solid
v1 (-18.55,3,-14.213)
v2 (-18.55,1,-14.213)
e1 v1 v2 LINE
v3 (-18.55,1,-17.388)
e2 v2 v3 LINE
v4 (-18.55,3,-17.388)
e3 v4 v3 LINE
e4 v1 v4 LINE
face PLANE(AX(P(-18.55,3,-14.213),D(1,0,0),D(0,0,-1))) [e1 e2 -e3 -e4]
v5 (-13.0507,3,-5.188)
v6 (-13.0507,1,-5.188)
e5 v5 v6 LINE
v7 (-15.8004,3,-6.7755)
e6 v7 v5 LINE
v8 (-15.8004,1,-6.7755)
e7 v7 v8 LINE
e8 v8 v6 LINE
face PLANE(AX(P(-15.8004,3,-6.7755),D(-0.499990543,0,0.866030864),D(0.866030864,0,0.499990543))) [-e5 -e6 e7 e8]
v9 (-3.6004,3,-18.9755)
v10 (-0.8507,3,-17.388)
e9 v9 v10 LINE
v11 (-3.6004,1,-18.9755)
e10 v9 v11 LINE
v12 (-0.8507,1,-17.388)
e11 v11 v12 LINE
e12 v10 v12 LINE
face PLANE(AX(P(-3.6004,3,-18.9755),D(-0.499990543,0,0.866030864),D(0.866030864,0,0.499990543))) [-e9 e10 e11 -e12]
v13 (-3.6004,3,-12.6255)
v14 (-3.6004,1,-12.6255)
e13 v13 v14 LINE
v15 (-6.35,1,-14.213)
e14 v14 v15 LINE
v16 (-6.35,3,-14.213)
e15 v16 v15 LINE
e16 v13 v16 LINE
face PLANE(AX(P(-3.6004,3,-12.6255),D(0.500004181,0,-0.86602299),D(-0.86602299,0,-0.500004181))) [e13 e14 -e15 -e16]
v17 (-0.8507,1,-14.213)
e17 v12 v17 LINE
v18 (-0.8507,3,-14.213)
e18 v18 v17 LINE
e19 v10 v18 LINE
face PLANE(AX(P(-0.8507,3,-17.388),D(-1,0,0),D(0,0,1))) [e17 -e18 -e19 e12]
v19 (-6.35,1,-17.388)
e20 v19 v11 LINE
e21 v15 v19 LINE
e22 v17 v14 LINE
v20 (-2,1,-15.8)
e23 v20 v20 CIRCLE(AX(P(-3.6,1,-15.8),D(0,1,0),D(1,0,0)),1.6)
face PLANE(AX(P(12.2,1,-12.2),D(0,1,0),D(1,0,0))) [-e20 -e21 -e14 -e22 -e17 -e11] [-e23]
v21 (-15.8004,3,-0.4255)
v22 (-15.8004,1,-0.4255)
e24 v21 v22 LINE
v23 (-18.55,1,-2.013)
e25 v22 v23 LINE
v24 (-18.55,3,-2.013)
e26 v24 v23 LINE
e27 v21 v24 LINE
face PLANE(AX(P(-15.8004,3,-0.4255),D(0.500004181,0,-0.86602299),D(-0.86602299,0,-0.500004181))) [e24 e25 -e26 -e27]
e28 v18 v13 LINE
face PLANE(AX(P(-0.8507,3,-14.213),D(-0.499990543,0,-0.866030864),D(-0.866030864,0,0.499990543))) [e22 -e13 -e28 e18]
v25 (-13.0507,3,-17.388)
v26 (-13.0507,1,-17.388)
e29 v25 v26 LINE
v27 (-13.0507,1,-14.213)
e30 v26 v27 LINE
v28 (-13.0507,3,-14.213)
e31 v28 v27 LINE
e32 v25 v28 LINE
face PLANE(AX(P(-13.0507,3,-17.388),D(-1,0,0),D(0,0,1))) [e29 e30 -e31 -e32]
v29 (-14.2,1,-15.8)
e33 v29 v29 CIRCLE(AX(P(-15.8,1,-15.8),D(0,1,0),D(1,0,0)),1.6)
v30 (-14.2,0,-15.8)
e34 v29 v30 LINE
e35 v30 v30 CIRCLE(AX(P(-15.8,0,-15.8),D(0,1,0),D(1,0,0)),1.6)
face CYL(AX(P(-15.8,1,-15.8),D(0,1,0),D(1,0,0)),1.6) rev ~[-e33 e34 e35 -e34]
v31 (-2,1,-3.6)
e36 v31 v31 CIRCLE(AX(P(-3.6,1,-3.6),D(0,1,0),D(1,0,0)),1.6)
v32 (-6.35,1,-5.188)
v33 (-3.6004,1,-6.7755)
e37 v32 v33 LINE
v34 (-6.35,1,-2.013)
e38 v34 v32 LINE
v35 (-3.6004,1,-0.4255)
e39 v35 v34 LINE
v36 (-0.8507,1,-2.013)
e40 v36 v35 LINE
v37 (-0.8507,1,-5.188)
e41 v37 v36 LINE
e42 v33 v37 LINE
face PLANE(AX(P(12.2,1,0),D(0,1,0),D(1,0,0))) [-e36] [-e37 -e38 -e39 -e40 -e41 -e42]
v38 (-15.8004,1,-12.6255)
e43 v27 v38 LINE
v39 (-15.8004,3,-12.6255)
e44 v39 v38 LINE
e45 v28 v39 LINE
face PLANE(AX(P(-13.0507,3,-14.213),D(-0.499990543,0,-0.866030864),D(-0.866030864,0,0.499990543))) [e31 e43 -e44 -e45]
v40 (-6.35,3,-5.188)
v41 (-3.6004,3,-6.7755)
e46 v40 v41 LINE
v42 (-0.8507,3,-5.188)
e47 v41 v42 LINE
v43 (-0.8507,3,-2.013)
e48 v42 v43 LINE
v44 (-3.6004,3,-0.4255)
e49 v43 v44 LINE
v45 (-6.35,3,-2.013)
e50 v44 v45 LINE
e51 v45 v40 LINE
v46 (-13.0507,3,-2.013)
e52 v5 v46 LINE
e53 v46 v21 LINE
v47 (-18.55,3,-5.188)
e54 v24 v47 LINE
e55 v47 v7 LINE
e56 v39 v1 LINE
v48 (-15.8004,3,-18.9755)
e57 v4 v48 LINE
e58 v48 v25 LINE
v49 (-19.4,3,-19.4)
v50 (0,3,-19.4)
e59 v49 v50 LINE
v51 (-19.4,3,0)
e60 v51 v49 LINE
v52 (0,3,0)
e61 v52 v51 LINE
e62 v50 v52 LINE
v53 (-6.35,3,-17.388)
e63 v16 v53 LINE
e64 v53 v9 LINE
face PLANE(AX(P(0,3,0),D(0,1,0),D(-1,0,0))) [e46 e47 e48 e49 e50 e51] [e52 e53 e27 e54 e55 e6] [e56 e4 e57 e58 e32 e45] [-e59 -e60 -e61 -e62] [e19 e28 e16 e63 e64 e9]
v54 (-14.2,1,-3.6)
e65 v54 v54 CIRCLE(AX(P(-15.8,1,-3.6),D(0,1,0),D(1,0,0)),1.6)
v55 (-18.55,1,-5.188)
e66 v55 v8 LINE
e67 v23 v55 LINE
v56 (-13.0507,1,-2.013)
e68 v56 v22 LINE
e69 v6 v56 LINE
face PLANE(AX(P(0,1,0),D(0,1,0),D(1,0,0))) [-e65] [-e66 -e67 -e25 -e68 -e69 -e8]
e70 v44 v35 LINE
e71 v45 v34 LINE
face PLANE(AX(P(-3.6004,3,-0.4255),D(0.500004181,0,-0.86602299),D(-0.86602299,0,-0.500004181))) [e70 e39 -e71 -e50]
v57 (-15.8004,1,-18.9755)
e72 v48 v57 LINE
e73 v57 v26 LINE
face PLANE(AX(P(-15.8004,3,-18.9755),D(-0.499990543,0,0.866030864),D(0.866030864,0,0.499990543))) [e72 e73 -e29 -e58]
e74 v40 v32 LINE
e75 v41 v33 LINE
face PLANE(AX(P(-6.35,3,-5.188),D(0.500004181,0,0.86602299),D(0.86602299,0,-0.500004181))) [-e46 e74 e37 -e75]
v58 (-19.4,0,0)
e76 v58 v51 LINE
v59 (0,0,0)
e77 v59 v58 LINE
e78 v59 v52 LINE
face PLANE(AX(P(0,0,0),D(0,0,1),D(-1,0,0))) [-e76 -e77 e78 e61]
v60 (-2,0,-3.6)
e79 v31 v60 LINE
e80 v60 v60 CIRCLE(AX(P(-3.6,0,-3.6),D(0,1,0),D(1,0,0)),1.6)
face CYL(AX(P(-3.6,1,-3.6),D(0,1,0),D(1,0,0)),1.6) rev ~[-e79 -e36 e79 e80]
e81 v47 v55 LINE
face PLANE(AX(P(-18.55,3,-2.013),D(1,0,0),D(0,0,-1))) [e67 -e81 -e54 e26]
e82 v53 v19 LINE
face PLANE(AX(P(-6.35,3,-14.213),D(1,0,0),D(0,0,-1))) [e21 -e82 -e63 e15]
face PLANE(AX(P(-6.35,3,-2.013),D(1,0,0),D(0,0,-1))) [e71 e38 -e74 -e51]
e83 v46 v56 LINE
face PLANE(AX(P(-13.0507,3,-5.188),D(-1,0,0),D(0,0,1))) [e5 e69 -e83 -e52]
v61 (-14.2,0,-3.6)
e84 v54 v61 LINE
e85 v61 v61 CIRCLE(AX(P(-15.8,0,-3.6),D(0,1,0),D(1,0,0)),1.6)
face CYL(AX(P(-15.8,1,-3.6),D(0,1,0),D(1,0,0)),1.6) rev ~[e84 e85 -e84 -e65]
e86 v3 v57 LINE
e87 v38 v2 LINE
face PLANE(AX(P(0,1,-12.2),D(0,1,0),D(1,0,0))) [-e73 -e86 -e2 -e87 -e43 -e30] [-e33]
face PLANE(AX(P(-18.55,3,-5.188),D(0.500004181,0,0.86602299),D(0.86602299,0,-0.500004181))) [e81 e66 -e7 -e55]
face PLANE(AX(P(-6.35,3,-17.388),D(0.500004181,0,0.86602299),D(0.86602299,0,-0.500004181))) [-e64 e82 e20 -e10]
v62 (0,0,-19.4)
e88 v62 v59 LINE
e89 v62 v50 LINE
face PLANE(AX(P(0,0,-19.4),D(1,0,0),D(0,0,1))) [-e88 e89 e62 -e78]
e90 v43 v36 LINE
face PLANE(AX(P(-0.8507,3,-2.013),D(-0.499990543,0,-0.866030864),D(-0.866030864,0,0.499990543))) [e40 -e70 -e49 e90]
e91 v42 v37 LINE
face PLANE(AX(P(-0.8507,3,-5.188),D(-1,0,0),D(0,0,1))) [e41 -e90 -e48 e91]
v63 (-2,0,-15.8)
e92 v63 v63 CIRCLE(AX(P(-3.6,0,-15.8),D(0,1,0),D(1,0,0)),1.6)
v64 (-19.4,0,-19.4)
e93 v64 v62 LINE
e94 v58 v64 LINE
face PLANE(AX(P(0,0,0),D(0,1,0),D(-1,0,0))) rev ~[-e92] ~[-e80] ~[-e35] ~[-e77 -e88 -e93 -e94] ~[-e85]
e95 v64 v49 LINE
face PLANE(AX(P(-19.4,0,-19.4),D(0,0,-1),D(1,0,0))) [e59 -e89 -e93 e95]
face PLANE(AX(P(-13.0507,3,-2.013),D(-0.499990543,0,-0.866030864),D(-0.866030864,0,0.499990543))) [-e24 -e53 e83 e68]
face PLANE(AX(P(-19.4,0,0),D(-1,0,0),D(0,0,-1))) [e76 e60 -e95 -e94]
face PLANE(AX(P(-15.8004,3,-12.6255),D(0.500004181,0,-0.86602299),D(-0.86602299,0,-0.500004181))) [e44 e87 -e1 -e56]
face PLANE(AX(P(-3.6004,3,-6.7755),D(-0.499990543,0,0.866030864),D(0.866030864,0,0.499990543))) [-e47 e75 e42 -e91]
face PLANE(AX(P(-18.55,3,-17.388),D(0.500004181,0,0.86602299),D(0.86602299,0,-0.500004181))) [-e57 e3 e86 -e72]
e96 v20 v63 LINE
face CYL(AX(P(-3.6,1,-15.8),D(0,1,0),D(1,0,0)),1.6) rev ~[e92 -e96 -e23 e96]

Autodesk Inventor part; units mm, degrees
ref_plane "YZ Plane" through (0, 0, 0) normal (1, 0, 0) x (0, 1, 0)
ref_plane "XZ Plane" through (0, 0, 0) normal (0, 1, 0) x (-1, 0, 0)
ref_plane "XY Plane" through (0, 0, 0) normal (0, 0, 1) x (1, 0, 0)
sketch "Sketch1" plane through (0, 0, 0) normal (0, 1, 0) x (-1, 0, 0)
  line L0 (0, 0) -> (19.4, 0)
  line L1 (19.4, 0) -> (19.4, -19.4)
  line L2 (19.4, -19.4) -> (0, -19.4)
  line L3 (0, -19.4) -> (0, 0)
  dimension "d0" = 19.4
  dimension "d1" = 19.4
extrude "Extrusion1" add sketch "Sketch1" along normal blind 3
sketch "Sketch2" plane through (0, 3, 0) normal (0, 1, 0) x (1, 0, 0)
  line L0 (-18.55, 2.013) -> (-18.55, 5.188)
  line L1 (-18.55, 5.188) -> (-15.8004, 6.7755)
  line L2 (-15.8004, 6.7755) -> (-13.0507, 5.188)
  line L3 (-13.0507, 5.188) -> (-13.0507, 2.013)
  line L4 (-13.0507, 2.013) -> (-15.8004, 0.4255)
  line L5 (-15.8004, 0.4255) -> (-18.55, 2.013)
  line L6 (-19.4, 0) -> (0, 0) projected
  line L7 (-19.4, 19.4) -> (-19.4, 0) projected
  dimension "d4" = 3.175
  dimension "d5" = 3.175
  dimension "d7" = 3.175
  dimension "d8" = 3.175
  dimension "d9" = 3.175
  dimension "d10" = 3.175
  dimension "d11" = 120
  dimension "d12" = 120
  dimension "d13" = 2.013
  dimension "d14" = 0.85
extrude "Extrusion2" cut sketch "Sketch2" against normal blind 2
pattern_linear "Rectangular Pattern1" count 2 spacing 12.2 along (0, 0, -1) count 2 spacing 12.2 along (1, 0, 0) of "Extrusion2"
sketch "Sketch3" plane through (0, 1, 0) normal (0, 1, 0) x (1, 0, 0)
  circle A0 centre (-15.8, 3.6) radius 1.6
  line L0 (-19.4, 19.4) -> (-19.4, 0) projected
  line L1 (-19.4, 0) -> (0, 0) projected
  dimension "d23" = 3.2
  dimension "d24" = 3.6
  dimension "d25" = 3.6
extrude "Extrusion3" cut sketch "Sketch3" against normal through all
pattern_linear "Rectangular Pattern2" count 2 spacing 12.2 along (0, 0, -1) count 2 spacing 12.2 along (1, 0, 0) of "Extrusion3"
equation "\"d1\" = d0"
equation "\"d5\" = d4"
equation "\"d7\" = d5"
equation "\"d9\" = d7"
equation "\"d10\" = d4"
properties part number "BOUCHON"
